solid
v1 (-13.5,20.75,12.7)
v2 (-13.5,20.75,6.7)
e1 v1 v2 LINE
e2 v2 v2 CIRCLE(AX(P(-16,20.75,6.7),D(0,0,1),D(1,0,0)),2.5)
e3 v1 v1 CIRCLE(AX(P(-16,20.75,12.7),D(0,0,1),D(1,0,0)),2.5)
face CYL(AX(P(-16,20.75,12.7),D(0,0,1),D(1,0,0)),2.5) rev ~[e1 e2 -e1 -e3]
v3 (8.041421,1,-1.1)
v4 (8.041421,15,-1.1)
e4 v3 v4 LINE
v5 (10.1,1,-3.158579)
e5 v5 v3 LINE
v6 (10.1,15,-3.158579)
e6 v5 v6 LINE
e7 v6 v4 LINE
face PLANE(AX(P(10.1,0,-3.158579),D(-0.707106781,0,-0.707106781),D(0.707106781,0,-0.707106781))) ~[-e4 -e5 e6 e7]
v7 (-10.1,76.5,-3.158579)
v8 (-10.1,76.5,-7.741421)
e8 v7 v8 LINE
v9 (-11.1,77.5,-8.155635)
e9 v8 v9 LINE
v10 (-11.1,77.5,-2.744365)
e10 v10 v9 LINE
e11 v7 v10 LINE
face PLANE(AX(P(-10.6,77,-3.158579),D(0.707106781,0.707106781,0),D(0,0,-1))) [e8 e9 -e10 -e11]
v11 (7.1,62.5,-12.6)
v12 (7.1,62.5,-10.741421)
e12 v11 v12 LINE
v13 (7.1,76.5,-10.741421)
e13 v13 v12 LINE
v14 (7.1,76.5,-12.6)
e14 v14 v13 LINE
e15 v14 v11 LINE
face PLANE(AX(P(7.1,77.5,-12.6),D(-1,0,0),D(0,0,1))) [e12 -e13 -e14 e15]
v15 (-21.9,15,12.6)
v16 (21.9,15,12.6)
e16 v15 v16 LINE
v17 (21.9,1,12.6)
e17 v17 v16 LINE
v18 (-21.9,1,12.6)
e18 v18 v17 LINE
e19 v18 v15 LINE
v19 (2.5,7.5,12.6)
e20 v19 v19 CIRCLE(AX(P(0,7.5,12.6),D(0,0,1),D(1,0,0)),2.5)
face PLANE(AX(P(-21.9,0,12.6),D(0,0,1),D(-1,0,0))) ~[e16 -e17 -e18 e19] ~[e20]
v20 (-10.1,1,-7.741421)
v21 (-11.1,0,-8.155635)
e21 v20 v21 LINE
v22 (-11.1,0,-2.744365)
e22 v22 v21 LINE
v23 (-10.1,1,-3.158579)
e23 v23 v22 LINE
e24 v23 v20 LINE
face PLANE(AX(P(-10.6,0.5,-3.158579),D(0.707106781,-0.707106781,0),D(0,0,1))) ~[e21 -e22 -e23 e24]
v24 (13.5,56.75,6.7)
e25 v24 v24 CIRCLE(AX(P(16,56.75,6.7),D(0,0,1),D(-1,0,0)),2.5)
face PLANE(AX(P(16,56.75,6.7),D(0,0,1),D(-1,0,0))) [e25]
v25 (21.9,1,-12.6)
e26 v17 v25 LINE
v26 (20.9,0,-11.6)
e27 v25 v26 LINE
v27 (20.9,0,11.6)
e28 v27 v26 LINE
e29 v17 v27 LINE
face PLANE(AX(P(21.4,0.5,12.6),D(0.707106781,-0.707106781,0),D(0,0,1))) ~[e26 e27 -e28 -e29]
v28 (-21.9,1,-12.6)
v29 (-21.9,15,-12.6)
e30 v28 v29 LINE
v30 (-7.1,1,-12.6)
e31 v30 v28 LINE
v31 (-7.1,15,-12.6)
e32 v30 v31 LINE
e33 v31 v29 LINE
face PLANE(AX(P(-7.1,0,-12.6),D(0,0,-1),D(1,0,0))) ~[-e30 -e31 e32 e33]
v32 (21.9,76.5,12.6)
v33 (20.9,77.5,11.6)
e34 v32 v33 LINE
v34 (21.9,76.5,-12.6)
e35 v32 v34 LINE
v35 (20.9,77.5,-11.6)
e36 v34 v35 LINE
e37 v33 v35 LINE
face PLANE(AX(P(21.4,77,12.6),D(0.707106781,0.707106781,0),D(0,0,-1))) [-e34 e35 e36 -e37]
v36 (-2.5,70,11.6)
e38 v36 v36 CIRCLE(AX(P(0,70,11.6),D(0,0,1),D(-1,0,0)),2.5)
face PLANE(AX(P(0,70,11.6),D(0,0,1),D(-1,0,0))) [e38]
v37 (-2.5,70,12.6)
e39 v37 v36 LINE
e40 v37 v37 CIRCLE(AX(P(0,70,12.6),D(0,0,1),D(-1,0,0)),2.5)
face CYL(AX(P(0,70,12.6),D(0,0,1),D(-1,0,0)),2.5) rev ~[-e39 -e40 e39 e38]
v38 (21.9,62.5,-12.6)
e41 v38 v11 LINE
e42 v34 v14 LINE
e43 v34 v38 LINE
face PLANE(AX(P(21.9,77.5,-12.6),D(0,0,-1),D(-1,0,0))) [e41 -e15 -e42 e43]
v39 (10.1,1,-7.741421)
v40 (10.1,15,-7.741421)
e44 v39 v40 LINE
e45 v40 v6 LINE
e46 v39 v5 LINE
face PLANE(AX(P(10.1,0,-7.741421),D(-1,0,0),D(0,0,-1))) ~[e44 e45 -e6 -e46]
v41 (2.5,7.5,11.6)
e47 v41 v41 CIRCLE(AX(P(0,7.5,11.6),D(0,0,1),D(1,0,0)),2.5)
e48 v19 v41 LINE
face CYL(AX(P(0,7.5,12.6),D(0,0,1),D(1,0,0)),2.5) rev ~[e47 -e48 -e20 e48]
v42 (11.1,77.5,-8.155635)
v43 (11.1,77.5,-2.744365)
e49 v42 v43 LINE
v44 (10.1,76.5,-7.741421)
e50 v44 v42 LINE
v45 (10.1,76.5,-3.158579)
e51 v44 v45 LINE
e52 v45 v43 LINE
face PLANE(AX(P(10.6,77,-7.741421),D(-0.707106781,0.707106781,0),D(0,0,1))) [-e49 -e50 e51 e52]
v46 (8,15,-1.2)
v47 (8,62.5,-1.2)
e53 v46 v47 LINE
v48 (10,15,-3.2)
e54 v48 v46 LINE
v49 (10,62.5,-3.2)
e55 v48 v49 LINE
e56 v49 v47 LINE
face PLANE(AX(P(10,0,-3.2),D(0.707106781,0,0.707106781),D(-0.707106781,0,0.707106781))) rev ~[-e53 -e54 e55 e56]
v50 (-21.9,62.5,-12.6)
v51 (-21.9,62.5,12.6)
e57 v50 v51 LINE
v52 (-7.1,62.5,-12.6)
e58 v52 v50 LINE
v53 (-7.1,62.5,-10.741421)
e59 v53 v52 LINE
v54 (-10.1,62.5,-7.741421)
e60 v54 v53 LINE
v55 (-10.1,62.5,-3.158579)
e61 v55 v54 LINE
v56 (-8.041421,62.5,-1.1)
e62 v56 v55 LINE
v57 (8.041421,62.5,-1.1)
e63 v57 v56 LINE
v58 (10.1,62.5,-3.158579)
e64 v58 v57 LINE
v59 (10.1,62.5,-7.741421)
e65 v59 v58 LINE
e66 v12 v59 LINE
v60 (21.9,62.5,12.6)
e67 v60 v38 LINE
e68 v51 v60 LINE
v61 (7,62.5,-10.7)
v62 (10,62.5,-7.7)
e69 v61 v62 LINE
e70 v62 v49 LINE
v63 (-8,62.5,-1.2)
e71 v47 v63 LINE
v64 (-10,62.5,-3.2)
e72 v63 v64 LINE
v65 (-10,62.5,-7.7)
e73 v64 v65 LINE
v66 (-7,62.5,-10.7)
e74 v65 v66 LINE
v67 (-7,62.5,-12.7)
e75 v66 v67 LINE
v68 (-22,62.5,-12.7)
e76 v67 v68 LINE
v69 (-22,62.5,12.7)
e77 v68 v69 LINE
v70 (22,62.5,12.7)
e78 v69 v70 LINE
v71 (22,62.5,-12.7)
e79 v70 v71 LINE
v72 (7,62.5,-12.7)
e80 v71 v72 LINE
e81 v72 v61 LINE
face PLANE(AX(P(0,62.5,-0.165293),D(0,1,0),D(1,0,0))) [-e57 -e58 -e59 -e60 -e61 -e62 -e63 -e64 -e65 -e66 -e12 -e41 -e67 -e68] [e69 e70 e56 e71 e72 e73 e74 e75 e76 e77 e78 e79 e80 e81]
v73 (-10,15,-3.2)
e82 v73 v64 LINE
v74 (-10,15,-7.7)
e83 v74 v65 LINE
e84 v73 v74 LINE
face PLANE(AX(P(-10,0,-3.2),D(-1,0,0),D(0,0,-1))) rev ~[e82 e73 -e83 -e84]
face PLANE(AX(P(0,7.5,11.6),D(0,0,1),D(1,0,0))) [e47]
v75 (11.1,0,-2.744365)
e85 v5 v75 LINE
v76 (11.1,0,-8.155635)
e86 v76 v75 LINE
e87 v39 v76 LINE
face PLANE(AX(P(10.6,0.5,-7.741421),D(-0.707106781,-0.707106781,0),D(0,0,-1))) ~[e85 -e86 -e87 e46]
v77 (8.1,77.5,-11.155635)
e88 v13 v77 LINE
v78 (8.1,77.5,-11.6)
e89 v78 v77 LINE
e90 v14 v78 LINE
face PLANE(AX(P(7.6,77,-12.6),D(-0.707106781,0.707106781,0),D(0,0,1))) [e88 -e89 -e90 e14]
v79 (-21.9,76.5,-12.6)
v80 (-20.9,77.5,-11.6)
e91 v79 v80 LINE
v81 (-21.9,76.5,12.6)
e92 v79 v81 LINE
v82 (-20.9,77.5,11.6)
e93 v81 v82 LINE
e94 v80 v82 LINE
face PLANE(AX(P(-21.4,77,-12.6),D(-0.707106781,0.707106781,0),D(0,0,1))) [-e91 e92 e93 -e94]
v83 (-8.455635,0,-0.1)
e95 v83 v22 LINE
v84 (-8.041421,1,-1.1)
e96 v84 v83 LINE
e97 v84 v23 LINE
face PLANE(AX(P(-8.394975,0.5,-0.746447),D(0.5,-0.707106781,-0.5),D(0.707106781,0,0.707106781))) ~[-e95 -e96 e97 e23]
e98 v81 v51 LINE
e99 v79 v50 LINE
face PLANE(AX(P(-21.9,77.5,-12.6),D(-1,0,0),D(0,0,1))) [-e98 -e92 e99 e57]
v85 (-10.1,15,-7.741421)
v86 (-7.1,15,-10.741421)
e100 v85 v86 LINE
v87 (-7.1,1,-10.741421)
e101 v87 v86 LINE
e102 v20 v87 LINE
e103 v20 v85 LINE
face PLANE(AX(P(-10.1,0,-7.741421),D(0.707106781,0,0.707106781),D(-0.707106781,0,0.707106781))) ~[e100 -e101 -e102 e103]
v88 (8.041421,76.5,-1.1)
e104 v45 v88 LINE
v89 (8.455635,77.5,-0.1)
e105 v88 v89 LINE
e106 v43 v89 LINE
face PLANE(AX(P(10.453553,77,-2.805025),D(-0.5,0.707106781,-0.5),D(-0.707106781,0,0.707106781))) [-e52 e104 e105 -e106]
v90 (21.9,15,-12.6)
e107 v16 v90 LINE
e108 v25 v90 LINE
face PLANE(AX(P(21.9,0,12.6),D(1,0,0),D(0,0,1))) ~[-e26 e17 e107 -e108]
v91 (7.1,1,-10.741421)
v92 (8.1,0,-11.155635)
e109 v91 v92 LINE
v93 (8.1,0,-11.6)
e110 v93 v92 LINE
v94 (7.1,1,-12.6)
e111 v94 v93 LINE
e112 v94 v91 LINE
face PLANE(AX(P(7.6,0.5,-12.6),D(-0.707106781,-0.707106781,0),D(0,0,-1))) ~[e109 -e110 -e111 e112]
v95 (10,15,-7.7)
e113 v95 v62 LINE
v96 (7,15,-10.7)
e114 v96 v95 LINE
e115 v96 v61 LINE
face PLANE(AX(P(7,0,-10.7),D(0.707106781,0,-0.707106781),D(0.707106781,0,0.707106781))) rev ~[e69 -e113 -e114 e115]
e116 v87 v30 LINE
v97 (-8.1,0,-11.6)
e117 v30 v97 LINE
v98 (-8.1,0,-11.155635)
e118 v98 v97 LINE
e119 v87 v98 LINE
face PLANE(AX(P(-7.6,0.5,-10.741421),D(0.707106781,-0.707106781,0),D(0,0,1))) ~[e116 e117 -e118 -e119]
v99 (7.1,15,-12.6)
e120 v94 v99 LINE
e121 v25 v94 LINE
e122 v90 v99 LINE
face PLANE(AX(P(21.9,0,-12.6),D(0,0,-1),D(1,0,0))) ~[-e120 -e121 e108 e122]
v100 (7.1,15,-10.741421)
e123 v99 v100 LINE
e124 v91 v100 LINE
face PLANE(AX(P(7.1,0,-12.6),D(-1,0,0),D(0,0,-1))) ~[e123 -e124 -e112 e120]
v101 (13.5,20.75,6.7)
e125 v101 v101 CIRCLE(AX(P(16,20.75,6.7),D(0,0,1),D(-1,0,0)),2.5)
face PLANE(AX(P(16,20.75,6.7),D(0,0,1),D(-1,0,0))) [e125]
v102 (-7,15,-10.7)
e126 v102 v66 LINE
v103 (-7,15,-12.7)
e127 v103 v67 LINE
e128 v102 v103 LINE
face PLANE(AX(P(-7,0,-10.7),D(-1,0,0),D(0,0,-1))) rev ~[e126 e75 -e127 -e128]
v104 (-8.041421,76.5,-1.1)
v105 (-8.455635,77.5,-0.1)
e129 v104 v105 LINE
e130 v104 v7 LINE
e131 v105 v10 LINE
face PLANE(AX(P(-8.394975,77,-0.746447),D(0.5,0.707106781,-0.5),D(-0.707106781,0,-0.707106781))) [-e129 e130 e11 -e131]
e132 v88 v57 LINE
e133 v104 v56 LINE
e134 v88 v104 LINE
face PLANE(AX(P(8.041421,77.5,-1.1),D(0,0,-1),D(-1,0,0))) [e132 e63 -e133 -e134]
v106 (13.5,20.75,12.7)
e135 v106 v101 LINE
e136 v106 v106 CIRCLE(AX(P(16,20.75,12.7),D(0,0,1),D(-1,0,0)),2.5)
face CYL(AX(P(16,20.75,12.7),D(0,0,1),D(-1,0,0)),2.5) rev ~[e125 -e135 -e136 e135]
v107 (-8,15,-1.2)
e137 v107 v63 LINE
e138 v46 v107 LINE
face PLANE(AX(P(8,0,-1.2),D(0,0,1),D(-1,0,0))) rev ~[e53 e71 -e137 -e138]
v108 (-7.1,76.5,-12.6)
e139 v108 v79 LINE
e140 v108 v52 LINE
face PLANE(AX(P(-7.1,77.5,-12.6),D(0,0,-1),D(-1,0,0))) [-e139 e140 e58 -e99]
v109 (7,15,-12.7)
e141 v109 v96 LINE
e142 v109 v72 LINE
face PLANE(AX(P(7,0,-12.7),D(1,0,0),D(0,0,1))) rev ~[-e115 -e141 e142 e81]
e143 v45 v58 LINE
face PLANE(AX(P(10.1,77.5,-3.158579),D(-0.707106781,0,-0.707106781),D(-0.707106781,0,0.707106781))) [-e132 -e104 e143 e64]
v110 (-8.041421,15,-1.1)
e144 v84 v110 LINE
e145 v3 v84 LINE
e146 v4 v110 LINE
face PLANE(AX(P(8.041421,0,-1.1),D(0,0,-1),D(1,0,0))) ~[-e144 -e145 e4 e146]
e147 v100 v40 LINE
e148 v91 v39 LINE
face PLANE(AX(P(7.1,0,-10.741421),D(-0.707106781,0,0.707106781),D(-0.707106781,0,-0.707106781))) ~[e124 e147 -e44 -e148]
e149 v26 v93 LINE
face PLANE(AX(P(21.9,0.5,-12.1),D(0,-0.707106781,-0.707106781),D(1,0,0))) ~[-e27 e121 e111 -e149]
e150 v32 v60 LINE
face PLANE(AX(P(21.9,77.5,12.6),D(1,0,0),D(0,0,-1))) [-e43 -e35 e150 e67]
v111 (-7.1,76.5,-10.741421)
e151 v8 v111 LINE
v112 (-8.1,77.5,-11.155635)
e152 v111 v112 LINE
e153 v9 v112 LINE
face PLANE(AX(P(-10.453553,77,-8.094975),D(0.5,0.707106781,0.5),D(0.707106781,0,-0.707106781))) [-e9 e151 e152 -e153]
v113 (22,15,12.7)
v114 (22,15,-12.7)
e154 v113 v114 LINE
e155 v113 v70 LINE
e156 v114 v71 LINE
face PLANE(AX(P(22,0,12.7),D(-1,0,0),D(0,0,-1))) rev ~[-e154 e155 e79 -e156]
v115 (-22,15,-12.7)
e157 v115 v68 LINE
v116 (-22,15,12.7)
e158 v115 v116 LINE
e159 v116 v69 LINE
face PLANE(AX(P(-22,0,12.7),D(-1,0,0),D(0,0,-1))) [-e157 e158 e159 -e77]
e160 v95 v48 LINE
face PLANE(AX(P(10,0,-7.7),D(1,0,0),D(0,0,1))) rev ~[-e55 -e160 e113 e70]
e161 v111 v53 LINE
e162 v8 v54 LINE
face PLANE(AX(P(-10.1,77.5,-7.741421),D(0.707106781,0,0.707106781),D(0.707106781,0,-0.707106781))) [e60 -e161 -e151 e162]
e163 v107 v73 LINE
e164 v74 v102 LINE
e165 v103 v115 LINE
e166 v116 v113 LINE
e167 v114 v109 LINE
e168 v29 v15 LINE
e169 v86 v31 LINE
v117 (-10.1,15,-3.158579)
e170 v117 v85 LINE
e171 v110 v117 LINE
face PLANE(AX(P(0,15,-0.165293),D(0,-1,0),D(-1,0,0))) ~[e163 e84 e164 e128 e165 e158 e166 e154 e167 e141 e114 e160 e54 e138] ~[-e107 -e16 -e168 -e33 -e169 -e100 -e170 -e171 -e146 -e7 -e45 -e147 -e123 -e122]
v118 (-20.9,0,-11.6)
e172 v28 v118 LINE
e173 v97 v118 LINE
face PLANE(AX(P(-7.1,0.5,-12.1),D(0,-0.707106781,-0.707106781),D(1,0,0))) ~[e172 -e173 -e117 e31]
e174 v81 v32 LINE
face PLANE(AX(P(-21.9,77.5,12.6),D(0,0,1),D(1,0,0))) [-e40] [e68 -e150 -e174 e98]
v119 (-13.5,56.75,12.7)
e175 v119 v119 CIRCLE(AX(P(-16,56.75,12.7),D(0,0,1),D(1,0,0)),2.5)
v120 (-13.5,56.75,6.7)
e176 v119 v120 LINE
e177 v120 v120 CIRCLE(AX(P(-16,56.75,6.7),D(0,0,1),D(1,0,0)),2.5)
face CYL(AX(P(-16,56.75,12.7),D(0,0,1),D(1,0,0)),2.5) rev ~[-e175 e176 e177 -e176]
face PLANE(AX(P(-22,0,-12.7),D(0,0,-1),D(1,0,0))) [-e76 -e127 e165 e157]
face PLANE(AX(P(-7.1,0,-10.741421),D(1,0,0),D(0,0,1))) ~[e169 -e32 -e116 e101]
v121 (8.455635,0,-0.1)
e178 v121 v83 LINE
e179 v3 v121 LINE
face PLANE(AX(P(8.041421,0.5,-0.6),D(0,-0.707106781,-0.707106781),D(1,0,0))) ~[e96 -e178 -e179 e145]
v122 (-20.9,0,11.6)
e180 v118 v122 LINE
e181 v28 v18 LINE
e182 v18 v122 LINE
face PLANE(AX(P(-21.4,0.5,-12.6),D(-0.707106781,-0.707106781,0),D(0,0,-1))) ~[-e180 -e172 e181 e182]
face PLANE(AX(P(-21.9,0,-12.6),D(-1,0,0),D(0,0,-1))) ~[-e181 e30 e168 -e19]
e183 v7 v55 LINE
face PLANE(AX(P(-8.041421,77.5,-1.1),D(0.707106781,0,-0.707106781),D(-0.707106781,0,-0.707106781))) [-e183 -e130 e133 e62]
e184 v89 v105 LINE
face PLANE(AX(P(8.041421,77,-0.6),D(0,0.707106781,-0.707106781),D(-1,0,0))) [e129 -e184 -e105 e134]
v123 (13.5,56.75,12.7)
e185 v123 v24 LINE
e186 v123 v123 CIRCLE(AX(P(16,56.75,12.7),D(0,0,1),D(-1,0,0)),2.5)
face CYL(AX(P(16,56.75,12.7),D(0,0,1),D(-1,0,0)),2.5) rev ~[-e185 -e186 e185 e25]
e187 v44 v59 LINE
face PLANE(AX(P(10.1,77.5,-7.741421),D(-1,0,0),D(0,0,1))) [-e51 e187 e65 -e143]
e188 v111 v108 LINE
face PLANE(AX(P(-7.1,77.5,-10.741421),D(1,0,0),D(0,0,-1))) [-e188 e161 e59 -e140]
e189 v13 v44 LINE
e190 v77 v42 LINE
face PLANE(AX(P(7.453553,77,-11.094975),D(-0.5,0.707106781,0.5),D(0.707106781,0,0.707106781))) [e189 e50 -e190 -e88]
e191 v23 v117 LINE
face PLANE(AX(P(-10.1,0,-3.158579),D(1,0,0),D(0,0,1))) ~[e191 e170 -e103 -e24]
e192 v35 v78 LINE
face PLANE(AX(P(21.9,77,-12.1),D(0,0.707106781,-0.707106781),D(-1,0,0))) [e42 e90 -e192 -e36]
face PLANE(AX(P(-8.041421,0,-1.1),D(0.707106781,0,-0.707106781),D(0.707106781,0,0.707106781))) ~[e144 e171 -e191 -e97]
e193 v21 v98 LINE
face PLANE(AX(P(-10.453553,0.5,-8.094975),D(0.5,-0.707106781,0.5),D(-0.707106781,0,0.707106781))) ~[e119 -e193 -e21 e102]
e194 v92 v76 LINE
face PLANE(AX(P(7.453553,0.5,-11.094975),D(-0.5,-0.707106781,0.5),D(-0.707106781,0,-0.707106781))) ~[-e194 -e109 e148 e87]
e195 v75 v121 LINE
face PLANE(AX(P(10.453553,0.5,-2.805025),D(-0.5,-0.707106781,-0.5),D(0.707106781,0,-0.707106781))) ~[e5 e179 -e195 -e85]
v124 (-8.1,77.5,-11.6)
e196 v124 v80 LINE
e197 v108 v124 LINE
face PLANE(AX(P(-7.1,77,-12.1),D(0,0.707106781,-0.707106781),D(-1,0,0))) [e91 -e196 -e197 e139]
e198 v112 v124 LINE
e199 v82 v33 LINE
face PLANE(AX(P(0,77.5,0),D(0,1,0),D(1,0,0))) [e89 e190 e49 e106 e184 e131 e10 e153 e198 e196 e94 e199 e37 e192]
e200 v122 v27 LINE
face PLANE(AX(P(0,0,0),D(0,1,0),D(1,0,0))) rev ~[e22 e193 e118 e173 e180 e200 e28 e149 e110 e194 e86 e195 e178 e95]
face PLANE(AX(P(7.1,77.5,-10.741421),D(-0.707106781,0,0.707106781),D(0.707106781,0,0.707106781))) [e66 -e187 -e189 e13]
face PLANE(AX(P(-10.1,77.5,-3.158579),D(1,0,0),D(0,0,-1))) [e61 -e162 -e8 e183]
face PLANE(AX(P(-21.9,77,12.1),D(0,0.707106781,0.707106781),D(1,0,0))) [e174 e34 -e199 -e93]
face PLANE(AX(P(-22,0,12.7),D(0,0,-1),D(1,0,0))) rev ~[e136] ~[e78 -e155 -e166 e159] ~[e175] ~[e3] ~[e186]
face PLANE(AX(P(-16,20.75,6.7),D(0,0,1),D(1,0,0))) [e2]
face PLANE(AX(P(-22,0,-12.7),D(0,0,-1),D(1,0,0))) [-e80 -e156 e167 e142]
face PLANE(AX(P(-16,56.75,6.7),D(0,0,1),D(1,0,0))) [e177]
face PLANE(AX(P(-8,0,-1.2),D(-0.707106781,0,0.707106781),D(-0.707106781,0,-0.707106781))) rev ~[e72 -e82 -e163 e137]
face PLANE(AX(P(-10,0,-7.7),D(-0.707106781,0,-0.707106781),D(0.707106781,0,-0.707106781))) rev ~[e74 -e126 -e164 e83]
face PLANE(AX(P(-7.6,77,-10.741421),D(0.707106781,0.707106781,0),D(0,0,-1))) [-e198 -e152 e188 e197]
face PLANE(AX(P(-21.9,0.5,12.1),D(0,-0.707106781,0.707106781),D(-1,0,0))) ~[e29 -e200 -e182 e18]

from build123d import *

# Parameters (mm, degrees)
SKETCH_1_W          = 44
SKETCH_1_H          = 25.4
EXTRUDE_1_DEPTH     = 77.5
CUT_EXTRUDE_1_DEPTH = 82.556973951
SKETCH_3_R          = 2.5
CUT_EXTRUDE_2_DEPTH = 6
CUT_EXTRUDE_3_DEPTH = 15
SKETCH_5_R          = 2.5
CUT_EXTRUDE_4_DEPTH = 1
CHAMFER_1_SIZE      = 1


with BuildPart() as part:
    # 草图1 → 凸台-拉伸1 (new body)
    with BuildSketch(Plane(origin=(0, 0, 0), x_dir=(1, 0, 0), z_dir=(0, 1, 0))):
        Rectangle(SKETCH_1_W, SKETCH_1_H)
    extrude(amount=EXTRUDE_1_DEPTH)

    # 草图2 → 切除-拉伸1 (cut, through all)
    with BuildSketch(Plane.XZ):
        Polygon((8, -1.2), (-8, -1.2), (-10, -3.2), (-10, -7.7), (-7, -10.7), (-7, -12.7), (7, -12.7), (7, -10.7), (10, -7.7), (10, -3.2), align=None)
    extrude(amount=-CUT_EXTRUDE_1_DEPTH, mode=Mode.SUBTRACT)

    # 草图3 → 切除-拉伸2 (cut)
    with BuildSketch(Plane.XY.offset(12.7)):
        with Locations((-16, 20.75)):
            Circle(SKETCH_3_R)
        with Locations((-16, 56.75)):
            Circle(SKETCH_3_R)
        with Locations(Location((16, 56.75, 0), (0, 0, 180))):
            Circle(SKETCH_3_R)
        with Locations(Location((16, 20.75, 0), (0, 0, 180))):
            Circle(SKETCH_3_R)
    extrude(amount=-CUT_EXTRUDE_2_DEPTH, mode=Mode.SUBTRACT)

    # 草图4 → 切除-拉伸3 (cut)
    with BuildSketch(Plane(origin=(0, 77.5, 0), x_dir=(1, 0, 0), z_dir=(0, 1, 0))):
        Polygon((22, -12.7), (22, 12.7), (7, 12.7), (7, 10.7), (10, 7.7), (10, 3.2), (8, 1.2), (-8, 1.2), (-10, 3.2), (-10, 7.7), (-7, 10.7), (-7, 12.7), (-22, 12.7), (-22, -12.7), align=None)
        Polygon((21.9, -12.6), (21.9, 12.6), (7.1, 12.6), (7.1, 10.741421356), (10.1, 7.741421356), (10.1, 3.158578644), (8.041421356, 1.1), (-8.041421356, 1.1), (-10.1, 3.158578644), (-10.1, 7.741421356), (-7.1, 10.741421356), (-7.1, 12.6), (-21.9, 12.6), (-21.9, -12.6), align=None, mode=Mode.SUBTRACT)
    cut_extrude_3 = extrude(amount=-CUT_EXTRUDE_3_DEPTH, mode=Mode.SUBTRACT)

    # 镜向1: 切除-拉伸3 across plane
    add(cut_extrude_3.mirror(Plane.ZX.offset(38.75)), mode=Mode.SUBTRACT)

    # 草图5 → 切除-拉伸4 (cut)
    with BuildSketch(Plane.XY.offset(12.6)):
        with Locations((0, 7.5)):
            Circle(SKETCH_5_R)
        with Locations(Location((0, 70, 0), (0, 0, 180))):
            Circle(SKETCH_5_R)
    extrude(amount=-CUT_EXTRUDE_4_DEPTH, mode=Mode.SUBTRACT)

    # 倒角1
    chamfer_1_edges = [part.edges().sort_by_distance(p)[0] for p in [
        (21.9, 0, 0),
        (14.5, 0, -12.6),
        (7.1, 0, -11.670710678),
        (8.6, 0, -9.241421356),
        (10.1, 0, -5.45),
        (9.070710678, 0, -2.129289322),
        (0, 0, -1.1),
        (-9.070710678, 0, -2.129289322),
        (-10.1, 0, -5.45),
        (-8.6, 0, -9.241421356),
        (-7.1, 0, -11.670710678),
        (-14.5, 0, -12.6),
        (-21.9, 0, 0),
        (0, 0, 12.6),
        (21.9, 77.5, 0),
        (14.5, 77.5, -12.6),
        (7.1, 77.5, -11.670710678),
        (8.6, 77.5, -9.241421356),
        (10.1, 77.5, -5.45),
        (9.070710678, 77.5, -2.129289322),
        (0, 77.5, -1.1),
        (-9.070710678, 77.5, -2.129289322),
        (-10.1, 77.5, -5.45),
        (-8.6, 77.5, -9.241421356),
        (-7.1, 77.5, -11.670710678),
        (-14.5, 77.5, -12.6),
        (-21.9, 77.5, 0),
        (0, 77.5, 12.6),
    ]]
    chamfer(chamfer_1_edges, length=CHAMFER_1_SIZE)


solid = part.part
